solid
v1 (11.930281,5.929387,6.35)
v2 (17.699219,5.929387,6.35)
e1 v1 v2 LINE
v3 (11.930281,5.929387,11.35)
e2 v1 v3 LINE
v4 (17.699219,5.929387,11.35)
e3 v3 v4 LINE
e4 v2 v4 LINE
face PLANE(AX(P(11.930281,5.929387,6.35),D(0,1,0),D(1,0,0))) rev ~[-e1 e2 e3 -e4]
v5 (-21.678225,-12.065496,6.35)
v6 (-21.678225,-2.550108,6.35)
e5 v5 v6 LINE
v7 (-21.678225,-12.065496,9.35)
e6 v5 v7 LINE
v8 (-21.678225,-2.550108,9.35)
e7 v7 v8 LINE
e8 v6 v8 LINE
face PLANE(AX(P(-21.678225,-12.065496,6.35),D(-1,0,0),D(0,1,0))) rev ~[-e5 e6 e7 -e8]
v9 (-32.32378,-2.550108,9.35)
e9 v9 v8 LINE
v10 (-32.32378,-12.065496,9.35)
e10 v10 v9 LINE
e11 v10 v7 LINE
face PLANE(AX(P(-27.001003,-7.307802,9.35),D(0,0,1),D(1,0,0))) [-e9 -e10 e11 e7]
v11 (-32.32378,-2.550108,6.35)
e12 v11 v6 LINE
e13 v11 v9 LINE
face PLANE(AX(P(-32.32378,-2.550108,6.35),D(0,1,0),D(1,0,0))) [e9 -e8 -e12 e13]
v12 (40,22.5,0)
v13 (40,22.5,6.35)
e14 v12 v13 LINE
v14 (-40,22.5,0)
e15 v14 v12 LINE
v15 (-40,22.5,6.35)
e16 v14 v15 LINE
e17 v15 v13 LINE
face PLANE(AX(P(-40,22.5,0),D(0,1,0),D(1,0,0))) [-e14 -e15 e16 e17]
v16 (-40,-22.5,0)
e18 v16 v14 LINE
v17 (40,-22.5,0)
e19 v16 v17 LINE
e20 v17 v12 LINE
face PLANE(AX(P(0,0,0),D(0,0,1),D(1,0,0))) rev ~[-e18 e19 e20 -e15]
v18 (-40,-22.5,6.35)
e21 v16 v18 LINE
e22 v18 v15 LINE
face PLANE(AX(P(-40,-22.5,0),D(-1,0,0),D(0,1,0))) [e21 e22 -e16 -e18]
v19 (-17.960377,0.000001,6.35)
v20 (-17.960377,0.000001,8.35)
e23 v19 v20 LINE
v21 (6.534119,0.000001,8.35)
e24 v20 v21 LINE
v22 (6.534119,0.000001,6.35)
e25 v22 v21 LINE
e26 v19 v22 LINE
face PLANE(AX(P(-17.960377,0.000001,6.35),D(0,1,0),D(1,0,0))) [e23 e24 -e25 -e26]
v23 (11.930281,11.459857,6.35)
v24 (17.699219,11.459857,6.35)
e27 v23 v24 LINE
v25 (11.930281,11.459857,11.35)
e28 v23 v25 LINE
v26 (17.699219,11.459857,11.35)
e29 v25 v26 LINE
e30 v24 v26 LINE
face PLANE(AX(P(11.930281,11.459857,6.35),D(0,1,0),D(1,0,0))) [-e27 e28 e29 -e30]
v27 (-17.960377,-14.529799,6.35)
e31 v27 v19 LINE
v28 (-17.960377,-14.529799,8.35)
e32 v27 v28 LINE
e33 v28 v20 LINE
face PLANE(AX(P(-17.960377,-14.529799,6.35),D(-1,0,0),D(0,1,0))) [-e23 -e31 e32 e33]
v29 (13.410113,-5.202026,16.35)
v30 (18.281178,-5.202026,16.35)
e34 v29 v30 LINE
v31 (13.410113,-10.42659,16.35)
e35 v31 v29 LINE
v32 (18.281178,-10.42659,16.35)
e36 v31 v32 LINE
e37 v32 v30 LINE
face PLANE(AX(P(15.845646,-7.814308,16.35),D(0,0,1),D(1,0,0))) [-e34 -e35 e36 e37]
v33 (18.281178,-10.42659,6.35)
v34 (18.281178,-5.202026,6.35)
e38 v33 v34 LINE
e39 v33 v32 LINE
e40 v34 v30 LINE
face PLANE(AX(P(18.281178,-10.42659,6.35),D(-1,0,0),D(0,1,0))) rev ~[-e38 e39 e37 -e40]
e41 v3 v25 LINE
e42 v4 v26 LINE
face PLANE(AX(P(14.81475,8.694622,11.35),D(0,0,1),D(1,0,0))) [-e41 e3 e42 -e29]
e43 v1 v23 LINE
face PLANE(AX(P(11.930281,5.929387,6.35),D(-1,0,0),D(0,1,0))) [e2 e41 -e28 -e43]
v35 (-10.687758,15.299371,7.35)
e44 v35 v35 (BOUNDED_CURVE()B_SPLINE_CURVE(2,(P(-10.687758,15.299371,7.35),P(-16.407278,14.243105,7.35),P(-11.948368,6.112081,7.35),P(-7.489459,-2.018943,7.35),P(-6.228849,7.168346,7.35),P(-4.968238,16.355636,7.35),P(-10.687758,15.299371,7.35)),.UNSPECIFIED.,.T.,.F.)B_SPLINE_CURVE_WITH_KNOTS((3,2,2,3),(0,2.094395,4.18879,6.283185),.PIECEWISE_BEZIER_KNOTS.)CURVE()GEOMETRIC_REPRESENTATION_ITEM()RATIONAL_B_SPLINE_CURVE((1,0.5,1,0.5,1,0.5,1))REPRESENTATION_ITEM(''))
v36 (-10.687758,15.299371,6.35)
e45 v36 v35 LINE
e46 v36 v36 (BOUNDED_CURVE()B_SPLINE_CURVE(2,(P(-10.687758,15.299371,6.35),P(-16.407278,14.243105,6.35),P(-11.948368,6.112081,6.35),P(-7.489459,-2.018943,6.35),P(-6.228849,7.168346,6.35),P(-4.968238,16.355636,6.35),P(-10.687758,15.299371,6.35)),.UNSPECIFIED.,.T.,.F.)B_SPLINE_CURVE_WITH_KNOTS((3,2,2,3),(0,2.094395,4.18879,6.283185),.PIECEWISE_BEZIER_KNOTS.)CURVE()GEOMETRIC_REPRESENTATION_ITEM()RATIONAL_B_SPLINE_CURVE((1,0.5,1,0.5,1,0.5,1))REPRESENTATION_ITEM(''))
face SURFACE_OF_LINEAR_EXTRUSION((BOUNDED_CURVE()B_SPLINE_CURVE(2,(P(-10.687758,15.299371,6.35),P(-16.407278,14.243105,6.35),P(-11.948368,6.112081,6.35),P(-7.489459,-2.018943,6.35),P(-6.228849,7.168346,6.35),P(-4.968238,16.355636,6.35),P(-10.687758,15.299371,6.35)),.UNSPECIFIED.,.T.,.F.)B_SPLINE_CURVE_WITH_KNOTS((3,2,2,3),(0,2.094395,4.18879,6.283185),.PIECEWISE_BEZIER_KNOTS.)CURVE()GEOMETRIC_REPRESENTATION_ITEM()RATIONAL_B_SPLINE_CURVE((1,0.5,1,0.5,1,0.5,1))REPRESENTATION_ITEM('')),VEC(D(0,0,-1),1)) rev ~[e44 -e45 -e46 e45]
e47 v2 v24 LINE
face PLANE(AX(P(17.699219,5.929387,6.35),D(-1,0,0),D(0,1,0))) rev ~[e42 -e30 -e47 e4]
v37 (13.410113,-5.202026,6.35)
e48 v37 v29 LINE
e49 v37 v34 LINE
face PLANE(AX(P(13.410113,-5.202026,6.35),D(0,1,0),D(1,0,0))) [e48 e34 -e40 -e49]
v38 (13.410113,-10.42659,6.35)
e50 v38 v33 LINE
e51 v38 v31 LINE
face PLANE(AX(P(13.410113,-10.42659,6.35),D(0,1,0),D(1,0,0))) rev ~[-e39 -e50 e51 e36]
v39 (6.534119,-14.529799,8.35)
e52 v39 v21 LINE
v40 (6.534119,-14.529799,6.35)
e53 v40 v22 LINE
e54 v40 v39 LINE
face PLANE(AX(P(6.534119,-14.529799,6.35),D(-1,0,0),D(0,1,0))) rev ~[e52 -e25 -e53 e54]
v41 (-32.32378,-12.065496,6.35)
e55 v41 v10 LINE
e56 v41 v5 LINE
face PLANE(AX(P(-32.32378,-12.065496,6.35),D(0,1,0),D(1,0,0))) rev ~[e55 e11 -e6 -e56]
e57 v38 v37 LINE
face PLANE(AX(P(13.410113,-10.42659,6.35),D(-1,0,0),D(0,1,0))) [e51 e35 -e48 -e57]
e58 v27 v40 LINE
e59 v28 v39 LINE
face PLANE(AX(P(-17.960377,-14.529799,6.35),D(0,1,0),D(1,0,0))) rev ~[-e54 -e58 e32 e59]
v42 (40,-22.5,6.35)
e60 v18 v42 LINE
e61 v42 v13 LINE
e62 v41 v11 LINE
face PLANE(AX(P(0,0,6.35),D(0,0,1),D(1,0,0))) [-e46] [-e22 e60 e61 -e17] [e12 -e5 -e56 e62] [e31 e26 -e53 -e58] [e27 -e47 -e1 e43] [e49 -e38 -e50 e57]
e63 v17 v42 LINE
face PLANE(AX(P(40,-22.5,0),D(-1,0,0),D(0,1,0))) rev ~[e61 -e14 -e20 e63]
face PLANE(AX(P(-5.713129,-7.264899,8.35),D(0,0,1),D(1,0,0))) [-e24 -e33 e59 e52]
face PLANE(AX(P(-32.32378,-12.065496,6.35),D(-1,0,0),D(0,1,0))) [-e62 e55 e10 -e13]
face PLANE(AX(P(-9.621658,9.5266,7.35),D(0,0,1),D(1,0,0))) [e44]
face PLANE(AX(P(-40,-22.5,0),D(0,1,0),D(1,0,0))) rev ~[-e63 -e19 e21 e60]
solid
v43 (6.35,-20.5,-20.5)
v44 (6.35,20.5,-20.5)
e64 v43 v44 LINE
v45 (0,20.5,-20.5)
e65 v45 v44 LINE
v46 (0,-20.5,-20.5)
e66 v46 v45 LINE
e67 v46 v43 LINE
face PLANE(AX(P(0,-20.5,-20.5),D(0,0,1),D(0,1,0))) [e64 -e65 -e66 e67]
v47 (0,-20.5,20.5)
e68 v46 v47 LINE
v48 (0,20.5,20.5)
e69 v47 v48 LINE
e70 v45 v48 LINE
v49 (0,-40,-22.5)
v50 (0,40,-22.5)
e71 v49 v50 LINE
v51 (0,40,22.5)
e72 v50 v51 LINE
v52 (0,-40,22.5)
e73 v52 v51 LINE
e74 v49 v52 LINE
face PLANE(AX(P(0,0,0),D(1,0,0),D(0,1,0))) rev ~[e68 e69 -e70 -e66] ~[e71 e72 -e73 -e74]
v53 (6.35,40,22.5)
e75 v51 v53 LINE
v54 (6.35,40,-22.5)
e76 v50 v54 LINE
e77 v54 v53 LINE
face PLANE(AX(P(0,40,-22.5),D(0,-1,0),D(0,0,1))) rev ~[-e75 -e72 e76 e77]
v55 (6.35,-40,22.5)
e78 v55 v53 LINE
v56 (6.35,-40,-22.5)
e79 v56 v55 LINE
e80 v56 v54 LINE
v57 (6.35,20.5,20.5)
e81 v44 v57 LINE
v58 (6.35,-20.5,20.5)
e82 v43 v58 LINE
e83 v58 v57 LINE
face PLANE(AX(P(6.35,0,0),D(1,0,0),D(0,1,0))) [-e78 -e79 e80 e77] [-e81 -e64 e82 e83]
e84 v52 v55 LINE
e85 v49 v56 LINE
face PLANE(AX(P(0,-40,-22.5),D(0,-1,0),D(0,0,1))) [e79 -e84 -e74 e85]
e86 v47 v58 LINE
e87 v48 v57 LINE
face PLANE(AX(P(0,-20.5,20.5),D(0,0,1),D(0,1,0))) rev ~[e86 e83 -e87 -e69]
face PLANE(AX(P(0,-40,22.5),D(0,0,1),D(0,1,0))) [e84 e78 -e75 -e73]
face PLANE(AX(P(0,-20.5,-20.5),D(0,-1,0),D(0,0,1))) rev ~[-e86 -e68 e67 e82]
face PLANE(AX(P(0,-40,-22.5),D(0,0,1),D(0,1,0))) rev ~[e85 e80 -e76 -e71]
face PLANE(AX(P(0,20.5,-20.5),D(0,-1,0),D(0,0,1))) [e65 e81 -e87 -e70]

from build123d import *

# Parameters (mm, degrees)
F0_W      = 80
F0_H      = 45
F0_W_2    = 41
F0_H_2    = 41
F1_DEPTH  = 6.35
F2_W      = 80
F2_H      = 45
F3_DEPTH  = 6.35
F4_W      = 24.494496
F4_H      = 14.529799
F5_DEPTH  = 2
F6_W      = 10.645555
F6_H      = 9.515388
F7_DEPTH  = 3
F9_DEPTH  = 1
F10_W     = 4.871065
F10_H     = 5.224564
F11_DEPTH = 10
F12_W     = 5.768938
F12_H     = 5.530469
F13_DEPTH = 5


with BuildPart() as f1:
    # F0 (on Right) → F1 (new body)
    with BuildSketch(Plane.YZ):
        Rectangle(F0_W, F0_H)
        Rectangle(F0_W_2, F0_H_2, mode=Mode.SUBTRACT)
    extrude(amount=F1_DEPTH)


with BuildPart() as f3:
    # F2 (on Top) → F3 (new body)
    with BuildSketch(Plane.XY):
        Rectangle(F2_W, F2_H)
    extrude(amount=F3_DEPTH)

    # F4 (on face) → F5 (join)
    with BuildSketch(Plane.XY.offset(6.35)):
        with Locations((-5.713129, -7.264899)):
            Rectangle(F4_W, F4_H)
    extrude(amount=F5_DEPTH)

    # F6 (on face) → F7 (join)
    with BuildSketch(Plane.XY.offset(6.35)):
        with Locations((-27.001003, -7.307802)):
            Rectangle(F6_W, F6_H)
    extrude(amount=F7_DEPTH)

    # F8 (on face) → F9 (join)
    with BuildSketch(Plane.XY.offset(6.35)):
        with BuildLine():
            add(Edge.make_bspline(
                [(-10.687758, 15.299371), (-16.407278, 14.243105), (-11.948368, 6.112081), (-7.489459, -2.018943), (-6.228849, 7.168346), (-4.968238, 16.355636), (-10.687758, 15.299371)],
                knots=[0, 0, 0, 2.094395, 2.094395, 4.18879, 4.18879, 6.283185, 6.283185, 6.283185], degree=2, weights=[1, 0.5, 1, 0.5, 1, 0.5, 1]))
        make_face()
    extrude(amount=F9_DEPTH)

    # F10 (on face) → F11 (join)
    with BuildSketch(Plane.XY.offset(6.35)):
        with Locations((15.845646, -7.814308)):
            Rectangle(F10_W, F10_H)
    extrude(amount=F11_DEPTH)

    # F12 (on face) → F13 (join)
    with BuildSketch(Plane.XY.offset(6.35)):
        with Locations((14.81475, 8.694622)):
            Rectangle(F12_W, F12_H)
    extrude(amount=F13_DEPTH)


solid = Compound([f1.part, f3.part])
